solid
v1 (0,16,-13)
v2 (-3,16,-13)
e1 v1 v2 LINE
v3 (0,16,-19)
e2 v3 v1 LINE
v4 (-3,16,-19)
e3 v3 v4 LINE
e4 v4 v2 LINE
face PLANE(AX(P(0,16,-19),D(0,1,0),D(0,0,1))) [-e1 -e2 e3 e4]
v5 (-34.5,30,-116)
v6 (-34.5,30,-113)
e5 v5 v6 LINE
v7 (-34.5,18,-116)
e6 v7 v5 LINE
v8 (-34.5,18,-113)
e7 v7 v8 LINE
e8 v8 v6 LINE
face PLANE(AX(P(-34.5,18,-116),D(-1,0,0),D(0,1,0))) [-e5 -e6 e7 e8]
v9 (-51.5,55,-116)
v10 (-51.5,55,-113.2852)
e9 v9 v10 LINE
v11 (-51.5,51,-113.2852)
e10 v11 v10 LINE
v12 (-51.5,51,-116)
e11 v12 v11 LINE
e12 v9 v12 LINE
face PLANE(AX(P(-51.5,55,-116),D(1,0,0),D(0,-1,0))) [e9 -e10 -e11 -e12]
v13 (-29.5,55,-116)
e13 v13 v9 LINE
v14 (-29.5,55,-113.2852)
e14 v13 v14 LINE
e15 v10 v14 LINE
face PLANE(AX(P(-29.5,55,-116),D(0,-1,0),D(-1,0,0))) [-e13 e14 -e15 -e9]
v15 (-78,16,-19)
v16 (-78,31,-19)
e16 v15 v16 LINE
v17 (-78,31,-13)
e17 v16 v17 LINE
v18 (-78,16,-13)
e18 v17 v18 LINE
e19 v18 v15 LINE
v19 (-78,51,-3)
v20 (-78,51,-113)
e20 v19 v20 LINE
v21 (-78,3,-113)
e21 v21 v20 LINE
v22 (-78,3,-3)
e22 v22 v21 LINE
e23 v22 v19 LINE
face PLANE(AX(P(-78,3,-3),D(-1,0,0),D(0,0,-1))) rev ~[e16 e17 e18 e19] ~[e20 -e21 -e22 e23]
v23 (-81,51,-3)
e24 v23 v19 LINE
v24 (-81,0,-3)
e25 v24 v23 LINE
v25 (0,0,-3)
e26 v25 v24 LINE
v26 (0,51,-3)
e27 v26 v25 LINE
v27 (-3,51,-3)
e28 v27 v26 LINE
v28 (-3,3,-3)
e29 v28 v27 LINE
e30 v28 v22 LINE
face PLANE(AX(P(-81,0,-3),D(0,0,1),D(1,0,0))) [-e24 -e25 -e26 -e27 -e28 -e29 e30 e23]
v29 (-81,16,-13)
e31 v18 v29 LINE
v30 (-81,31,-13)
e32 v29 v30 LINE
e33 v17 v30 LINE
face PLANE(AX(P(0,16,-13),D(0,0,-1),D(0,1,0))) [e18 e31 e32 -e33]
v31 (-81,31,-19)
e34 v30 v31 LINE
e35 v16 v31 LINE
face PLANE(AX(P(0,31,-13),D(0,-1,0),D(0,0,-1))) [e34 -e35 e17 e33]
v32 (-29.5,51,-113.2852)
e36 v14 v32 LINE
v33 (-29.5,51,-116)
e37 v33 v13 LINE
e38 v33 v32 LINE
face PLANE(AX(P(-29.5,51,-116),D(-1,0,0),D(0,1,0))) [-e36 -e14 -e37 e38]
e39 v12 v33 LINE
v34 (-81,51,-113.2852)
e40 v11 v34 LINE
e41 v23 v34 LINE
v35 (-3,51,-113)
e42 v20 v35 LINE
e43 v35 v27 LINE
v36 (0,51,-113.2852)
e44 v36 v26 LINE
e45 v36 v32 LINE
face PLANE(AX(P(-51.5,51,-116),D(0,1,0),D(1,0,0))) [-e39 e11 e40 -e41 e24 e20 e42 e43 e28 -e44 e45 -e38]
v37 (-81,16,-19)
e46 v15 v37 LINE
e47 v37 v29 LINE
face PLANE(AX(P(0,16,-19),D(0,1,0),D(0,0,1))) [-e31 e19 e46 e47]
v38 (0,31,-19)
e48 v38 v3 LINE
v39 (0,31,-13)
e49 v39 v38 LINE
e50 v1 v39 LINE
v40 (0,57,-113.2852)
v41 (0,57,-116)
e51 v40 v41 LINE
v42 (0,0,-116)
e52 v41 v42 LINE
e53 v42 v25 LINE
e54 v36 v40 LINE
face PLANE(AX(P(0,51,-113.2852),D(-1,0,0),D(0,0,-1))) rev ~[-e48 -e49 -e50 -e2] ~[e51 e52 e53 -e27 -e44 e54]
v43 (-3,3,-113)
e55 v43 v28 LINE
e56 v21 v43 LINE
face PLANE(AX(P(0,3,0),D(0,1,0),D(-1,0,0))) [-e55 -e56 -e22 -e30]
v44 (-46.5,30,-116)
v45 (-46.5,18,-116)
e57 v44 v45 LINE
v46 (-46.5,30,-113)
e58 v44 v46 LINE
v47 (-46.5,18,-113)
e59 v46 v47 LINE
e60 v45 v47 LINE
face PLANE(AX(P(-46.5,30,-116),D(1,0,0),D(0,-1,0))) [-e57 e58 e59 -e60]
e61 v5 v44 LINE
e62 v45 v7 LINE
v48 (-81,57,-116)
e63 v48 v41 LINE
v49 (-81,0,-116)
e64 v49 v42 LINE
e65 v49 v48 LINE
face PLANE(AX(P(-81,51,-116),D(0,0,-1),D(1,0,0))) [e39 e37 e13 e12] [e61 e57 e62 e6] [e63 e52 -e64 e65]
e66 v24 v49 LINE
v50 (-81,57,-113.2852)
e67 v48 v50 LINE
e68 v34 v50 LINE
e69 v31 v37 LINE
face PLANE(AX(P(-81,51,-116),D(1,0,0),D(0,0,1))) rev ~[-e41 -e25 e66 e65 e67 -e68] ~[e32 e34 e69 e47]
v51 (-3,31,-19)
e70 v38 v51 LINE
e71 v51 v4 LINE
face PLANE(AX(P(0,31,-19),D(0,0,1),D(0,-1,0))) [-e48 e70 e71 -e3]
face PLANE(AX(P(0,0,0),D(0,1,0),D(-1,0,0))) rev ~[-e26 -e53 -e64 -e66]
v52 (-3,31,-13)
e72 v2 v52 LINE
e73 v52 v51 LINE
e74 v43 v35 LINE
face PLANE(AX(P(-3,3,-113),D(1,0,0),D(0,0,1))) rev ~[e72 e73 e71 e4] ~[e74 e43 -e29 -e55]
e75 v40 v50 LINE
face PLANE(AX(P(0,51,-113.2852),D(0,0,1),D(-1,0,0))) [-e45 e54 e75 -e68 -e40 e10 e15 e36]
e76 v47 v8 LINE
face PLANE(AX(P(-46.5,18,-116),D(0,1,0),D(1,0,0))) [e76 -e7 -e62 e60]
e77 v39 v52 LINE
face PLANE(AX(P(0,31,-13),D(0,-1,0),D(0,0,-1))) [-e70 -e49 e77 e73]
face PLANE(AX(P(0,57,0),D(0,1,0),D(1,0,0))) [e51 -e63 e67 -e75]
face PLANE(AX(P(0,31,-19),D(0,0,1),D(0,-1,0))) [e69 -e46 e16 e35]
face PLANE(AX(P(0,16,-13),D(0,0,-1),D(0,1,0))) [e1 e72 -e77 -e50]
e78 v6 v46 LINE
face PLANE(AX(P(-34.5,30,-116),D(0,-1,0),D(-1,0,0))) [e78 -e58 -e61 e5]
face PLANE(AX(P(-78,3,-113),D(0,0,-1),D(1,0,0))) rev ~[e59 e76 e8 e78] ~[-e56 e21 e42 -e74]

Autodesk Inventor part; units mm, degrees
ref_plane "YZ Plane" through (0, 0, 0) normal (1, 0, 0) x (0, 1, 0)
ref_plane "XZ Plane" through (0, 0, 0) normal (0, 1, 0) x (-1, 0, 0)
ref_plane "XY Plane" through (0, 0, 0) normal (0, 0, 1) x (1, 0, 0)
sketch "Sketch1" plane through (0, 0, 0) normal (0, 1, 0) x (-1, 0, 0)
  line L0 (0, 0) -> (81, 0)
  line L1 (81, 0) -> (81, -116)
  line L2 (81, -116) -> (0, -116)
  line L3 (0, -116) -> (0, 0)
  dimension "d0" = 81
  dimension "d1" = 116
extrude "Extrusion1" add sketch "Sketch1" along normal blind 3
sketch "Sketch2" plane through (0, 3, 0) normal (0, 1, 0) x (1, 0, 0)
  line L0 (0, 116) -> (-81, 116) projected
  line L1 (0, 0) -> (-81, 0)
  line L2 (-81, 0) -> (-81, 116)
  line L3 (-81, 116) -> (0, 116)
  line L4 (0, 116) -> (0, 0)
  line L5 (-3, 3) -> (-78, 3)
  line L6 (-78, 3) -> (-78, 113)
  line L7 (-78, 113) -> (-3, 113)
  line L8 (-3, 113) -> (-3, 3)
  dimension "d4" = 3
  dimension "d5" = 3
  dimension "d6" = 3
  dimension "d7" = 3
extrude "Extrusion2" add sketch "Sketch2" along normal blind 48
sketch "Sketch3" plane through (-81, 0, 0) normal (0, 0, 1) x (1, 0, 0)
  line L0 (0, 51) -> (81, 51) projected
  line L1 (0, 51) -> (81, 51)
  line L2 (81, 51) -> (81, 0)
  line L3 (81, 0) -> (0, 0)
  line L4 (0, 0) -> (0, 51)
extrude "Extrusion3" cut sketch "Sketch3" against normal up to surface (3 mm away)
sketch "Sketch4" plane through (0, 51, 0) normal (0, 1, 0) x (1, 0, 0)
  line L0 (-81, 116) -> (-81, 3) projected
  line L1 (0, 3) -> (0, 116) projected
  line L2 (-81, 116) -> (0, 116)
  line L3 (0, 116) -> (0, 113.2852)
  line L4 (0, 113.2852) -> (-81, 113.2852)
  line L5 (-81, 113.2852) -> (-81, 116)
  point P0 (0, 0)
  point P1 (0, 116)
extrude "Extrusion4" add sketch "Sketch4" along normal blind 6
sketch "Sketch5" plane through (0, 0, -116) normal (0, 0, -1) x (-1, 0, 0)
  line L0 (29.5, 55) -> (51.5, 55)
  line L1 (51.5, 55) -> (51.5, 51)
  line L2 (51.5, 51) -> (29.5, 51)
  line L3 (29.5, 51) -> (29.5, 55)
  line L4 (34.5, 30) -> (46.5, 30)
  line L5 (46.5, 30) -> (46.5, 18)
  line L6 (46.5, 18) -> (34.5, 18)
  line L7 (34.5, 18) -> (34.5, 30)
  line L8 (81, 0) -> (81, 57) projected
  line L9 (0, 0) -> (81, 0) projected
  line L10 (0, 57) -> (81, 57) projected
  point P0 (51.5, 53)
  dimension "d14" = 12
  dimension "d15" = 12
  dimension "d16" = 34.5
  dimension "d17" = 18
  dimension "d18" = 22
  dimension "d19" = 4
  dimension "d20" = 6
  dimension "d21" = 29.5
extrude "Extrusion5" cut sketch "Sketch5" against normal up to surface (3 mm away)
sketch "Sketch6" plane through (0, 0, -3) normal (1, 0, 0) x (0, 0, -1)
  line L0 (10, 31) -> (16, 31)
  line L1 (16, 31) -> (16, 16)
  line L2 (16, 16) -> (10, 16)
  line L3 (10, 16) -> (10, 31)
  line L4 (0, 51) -> (0, 0) projected
  line L5 (0, 0) -> (113, 0) projected
  point P0 (-3, 0)
  point P1 (13, 16)
  dimension "d24" = 6
  dimension "d25" = 15
  dimension "d26" = 10
  dimension "d27" = 16
extrude "Extrusion6" cut sketch "Sketch6" against normal up to surface (81 mm away)
properties part number "bin v1"
